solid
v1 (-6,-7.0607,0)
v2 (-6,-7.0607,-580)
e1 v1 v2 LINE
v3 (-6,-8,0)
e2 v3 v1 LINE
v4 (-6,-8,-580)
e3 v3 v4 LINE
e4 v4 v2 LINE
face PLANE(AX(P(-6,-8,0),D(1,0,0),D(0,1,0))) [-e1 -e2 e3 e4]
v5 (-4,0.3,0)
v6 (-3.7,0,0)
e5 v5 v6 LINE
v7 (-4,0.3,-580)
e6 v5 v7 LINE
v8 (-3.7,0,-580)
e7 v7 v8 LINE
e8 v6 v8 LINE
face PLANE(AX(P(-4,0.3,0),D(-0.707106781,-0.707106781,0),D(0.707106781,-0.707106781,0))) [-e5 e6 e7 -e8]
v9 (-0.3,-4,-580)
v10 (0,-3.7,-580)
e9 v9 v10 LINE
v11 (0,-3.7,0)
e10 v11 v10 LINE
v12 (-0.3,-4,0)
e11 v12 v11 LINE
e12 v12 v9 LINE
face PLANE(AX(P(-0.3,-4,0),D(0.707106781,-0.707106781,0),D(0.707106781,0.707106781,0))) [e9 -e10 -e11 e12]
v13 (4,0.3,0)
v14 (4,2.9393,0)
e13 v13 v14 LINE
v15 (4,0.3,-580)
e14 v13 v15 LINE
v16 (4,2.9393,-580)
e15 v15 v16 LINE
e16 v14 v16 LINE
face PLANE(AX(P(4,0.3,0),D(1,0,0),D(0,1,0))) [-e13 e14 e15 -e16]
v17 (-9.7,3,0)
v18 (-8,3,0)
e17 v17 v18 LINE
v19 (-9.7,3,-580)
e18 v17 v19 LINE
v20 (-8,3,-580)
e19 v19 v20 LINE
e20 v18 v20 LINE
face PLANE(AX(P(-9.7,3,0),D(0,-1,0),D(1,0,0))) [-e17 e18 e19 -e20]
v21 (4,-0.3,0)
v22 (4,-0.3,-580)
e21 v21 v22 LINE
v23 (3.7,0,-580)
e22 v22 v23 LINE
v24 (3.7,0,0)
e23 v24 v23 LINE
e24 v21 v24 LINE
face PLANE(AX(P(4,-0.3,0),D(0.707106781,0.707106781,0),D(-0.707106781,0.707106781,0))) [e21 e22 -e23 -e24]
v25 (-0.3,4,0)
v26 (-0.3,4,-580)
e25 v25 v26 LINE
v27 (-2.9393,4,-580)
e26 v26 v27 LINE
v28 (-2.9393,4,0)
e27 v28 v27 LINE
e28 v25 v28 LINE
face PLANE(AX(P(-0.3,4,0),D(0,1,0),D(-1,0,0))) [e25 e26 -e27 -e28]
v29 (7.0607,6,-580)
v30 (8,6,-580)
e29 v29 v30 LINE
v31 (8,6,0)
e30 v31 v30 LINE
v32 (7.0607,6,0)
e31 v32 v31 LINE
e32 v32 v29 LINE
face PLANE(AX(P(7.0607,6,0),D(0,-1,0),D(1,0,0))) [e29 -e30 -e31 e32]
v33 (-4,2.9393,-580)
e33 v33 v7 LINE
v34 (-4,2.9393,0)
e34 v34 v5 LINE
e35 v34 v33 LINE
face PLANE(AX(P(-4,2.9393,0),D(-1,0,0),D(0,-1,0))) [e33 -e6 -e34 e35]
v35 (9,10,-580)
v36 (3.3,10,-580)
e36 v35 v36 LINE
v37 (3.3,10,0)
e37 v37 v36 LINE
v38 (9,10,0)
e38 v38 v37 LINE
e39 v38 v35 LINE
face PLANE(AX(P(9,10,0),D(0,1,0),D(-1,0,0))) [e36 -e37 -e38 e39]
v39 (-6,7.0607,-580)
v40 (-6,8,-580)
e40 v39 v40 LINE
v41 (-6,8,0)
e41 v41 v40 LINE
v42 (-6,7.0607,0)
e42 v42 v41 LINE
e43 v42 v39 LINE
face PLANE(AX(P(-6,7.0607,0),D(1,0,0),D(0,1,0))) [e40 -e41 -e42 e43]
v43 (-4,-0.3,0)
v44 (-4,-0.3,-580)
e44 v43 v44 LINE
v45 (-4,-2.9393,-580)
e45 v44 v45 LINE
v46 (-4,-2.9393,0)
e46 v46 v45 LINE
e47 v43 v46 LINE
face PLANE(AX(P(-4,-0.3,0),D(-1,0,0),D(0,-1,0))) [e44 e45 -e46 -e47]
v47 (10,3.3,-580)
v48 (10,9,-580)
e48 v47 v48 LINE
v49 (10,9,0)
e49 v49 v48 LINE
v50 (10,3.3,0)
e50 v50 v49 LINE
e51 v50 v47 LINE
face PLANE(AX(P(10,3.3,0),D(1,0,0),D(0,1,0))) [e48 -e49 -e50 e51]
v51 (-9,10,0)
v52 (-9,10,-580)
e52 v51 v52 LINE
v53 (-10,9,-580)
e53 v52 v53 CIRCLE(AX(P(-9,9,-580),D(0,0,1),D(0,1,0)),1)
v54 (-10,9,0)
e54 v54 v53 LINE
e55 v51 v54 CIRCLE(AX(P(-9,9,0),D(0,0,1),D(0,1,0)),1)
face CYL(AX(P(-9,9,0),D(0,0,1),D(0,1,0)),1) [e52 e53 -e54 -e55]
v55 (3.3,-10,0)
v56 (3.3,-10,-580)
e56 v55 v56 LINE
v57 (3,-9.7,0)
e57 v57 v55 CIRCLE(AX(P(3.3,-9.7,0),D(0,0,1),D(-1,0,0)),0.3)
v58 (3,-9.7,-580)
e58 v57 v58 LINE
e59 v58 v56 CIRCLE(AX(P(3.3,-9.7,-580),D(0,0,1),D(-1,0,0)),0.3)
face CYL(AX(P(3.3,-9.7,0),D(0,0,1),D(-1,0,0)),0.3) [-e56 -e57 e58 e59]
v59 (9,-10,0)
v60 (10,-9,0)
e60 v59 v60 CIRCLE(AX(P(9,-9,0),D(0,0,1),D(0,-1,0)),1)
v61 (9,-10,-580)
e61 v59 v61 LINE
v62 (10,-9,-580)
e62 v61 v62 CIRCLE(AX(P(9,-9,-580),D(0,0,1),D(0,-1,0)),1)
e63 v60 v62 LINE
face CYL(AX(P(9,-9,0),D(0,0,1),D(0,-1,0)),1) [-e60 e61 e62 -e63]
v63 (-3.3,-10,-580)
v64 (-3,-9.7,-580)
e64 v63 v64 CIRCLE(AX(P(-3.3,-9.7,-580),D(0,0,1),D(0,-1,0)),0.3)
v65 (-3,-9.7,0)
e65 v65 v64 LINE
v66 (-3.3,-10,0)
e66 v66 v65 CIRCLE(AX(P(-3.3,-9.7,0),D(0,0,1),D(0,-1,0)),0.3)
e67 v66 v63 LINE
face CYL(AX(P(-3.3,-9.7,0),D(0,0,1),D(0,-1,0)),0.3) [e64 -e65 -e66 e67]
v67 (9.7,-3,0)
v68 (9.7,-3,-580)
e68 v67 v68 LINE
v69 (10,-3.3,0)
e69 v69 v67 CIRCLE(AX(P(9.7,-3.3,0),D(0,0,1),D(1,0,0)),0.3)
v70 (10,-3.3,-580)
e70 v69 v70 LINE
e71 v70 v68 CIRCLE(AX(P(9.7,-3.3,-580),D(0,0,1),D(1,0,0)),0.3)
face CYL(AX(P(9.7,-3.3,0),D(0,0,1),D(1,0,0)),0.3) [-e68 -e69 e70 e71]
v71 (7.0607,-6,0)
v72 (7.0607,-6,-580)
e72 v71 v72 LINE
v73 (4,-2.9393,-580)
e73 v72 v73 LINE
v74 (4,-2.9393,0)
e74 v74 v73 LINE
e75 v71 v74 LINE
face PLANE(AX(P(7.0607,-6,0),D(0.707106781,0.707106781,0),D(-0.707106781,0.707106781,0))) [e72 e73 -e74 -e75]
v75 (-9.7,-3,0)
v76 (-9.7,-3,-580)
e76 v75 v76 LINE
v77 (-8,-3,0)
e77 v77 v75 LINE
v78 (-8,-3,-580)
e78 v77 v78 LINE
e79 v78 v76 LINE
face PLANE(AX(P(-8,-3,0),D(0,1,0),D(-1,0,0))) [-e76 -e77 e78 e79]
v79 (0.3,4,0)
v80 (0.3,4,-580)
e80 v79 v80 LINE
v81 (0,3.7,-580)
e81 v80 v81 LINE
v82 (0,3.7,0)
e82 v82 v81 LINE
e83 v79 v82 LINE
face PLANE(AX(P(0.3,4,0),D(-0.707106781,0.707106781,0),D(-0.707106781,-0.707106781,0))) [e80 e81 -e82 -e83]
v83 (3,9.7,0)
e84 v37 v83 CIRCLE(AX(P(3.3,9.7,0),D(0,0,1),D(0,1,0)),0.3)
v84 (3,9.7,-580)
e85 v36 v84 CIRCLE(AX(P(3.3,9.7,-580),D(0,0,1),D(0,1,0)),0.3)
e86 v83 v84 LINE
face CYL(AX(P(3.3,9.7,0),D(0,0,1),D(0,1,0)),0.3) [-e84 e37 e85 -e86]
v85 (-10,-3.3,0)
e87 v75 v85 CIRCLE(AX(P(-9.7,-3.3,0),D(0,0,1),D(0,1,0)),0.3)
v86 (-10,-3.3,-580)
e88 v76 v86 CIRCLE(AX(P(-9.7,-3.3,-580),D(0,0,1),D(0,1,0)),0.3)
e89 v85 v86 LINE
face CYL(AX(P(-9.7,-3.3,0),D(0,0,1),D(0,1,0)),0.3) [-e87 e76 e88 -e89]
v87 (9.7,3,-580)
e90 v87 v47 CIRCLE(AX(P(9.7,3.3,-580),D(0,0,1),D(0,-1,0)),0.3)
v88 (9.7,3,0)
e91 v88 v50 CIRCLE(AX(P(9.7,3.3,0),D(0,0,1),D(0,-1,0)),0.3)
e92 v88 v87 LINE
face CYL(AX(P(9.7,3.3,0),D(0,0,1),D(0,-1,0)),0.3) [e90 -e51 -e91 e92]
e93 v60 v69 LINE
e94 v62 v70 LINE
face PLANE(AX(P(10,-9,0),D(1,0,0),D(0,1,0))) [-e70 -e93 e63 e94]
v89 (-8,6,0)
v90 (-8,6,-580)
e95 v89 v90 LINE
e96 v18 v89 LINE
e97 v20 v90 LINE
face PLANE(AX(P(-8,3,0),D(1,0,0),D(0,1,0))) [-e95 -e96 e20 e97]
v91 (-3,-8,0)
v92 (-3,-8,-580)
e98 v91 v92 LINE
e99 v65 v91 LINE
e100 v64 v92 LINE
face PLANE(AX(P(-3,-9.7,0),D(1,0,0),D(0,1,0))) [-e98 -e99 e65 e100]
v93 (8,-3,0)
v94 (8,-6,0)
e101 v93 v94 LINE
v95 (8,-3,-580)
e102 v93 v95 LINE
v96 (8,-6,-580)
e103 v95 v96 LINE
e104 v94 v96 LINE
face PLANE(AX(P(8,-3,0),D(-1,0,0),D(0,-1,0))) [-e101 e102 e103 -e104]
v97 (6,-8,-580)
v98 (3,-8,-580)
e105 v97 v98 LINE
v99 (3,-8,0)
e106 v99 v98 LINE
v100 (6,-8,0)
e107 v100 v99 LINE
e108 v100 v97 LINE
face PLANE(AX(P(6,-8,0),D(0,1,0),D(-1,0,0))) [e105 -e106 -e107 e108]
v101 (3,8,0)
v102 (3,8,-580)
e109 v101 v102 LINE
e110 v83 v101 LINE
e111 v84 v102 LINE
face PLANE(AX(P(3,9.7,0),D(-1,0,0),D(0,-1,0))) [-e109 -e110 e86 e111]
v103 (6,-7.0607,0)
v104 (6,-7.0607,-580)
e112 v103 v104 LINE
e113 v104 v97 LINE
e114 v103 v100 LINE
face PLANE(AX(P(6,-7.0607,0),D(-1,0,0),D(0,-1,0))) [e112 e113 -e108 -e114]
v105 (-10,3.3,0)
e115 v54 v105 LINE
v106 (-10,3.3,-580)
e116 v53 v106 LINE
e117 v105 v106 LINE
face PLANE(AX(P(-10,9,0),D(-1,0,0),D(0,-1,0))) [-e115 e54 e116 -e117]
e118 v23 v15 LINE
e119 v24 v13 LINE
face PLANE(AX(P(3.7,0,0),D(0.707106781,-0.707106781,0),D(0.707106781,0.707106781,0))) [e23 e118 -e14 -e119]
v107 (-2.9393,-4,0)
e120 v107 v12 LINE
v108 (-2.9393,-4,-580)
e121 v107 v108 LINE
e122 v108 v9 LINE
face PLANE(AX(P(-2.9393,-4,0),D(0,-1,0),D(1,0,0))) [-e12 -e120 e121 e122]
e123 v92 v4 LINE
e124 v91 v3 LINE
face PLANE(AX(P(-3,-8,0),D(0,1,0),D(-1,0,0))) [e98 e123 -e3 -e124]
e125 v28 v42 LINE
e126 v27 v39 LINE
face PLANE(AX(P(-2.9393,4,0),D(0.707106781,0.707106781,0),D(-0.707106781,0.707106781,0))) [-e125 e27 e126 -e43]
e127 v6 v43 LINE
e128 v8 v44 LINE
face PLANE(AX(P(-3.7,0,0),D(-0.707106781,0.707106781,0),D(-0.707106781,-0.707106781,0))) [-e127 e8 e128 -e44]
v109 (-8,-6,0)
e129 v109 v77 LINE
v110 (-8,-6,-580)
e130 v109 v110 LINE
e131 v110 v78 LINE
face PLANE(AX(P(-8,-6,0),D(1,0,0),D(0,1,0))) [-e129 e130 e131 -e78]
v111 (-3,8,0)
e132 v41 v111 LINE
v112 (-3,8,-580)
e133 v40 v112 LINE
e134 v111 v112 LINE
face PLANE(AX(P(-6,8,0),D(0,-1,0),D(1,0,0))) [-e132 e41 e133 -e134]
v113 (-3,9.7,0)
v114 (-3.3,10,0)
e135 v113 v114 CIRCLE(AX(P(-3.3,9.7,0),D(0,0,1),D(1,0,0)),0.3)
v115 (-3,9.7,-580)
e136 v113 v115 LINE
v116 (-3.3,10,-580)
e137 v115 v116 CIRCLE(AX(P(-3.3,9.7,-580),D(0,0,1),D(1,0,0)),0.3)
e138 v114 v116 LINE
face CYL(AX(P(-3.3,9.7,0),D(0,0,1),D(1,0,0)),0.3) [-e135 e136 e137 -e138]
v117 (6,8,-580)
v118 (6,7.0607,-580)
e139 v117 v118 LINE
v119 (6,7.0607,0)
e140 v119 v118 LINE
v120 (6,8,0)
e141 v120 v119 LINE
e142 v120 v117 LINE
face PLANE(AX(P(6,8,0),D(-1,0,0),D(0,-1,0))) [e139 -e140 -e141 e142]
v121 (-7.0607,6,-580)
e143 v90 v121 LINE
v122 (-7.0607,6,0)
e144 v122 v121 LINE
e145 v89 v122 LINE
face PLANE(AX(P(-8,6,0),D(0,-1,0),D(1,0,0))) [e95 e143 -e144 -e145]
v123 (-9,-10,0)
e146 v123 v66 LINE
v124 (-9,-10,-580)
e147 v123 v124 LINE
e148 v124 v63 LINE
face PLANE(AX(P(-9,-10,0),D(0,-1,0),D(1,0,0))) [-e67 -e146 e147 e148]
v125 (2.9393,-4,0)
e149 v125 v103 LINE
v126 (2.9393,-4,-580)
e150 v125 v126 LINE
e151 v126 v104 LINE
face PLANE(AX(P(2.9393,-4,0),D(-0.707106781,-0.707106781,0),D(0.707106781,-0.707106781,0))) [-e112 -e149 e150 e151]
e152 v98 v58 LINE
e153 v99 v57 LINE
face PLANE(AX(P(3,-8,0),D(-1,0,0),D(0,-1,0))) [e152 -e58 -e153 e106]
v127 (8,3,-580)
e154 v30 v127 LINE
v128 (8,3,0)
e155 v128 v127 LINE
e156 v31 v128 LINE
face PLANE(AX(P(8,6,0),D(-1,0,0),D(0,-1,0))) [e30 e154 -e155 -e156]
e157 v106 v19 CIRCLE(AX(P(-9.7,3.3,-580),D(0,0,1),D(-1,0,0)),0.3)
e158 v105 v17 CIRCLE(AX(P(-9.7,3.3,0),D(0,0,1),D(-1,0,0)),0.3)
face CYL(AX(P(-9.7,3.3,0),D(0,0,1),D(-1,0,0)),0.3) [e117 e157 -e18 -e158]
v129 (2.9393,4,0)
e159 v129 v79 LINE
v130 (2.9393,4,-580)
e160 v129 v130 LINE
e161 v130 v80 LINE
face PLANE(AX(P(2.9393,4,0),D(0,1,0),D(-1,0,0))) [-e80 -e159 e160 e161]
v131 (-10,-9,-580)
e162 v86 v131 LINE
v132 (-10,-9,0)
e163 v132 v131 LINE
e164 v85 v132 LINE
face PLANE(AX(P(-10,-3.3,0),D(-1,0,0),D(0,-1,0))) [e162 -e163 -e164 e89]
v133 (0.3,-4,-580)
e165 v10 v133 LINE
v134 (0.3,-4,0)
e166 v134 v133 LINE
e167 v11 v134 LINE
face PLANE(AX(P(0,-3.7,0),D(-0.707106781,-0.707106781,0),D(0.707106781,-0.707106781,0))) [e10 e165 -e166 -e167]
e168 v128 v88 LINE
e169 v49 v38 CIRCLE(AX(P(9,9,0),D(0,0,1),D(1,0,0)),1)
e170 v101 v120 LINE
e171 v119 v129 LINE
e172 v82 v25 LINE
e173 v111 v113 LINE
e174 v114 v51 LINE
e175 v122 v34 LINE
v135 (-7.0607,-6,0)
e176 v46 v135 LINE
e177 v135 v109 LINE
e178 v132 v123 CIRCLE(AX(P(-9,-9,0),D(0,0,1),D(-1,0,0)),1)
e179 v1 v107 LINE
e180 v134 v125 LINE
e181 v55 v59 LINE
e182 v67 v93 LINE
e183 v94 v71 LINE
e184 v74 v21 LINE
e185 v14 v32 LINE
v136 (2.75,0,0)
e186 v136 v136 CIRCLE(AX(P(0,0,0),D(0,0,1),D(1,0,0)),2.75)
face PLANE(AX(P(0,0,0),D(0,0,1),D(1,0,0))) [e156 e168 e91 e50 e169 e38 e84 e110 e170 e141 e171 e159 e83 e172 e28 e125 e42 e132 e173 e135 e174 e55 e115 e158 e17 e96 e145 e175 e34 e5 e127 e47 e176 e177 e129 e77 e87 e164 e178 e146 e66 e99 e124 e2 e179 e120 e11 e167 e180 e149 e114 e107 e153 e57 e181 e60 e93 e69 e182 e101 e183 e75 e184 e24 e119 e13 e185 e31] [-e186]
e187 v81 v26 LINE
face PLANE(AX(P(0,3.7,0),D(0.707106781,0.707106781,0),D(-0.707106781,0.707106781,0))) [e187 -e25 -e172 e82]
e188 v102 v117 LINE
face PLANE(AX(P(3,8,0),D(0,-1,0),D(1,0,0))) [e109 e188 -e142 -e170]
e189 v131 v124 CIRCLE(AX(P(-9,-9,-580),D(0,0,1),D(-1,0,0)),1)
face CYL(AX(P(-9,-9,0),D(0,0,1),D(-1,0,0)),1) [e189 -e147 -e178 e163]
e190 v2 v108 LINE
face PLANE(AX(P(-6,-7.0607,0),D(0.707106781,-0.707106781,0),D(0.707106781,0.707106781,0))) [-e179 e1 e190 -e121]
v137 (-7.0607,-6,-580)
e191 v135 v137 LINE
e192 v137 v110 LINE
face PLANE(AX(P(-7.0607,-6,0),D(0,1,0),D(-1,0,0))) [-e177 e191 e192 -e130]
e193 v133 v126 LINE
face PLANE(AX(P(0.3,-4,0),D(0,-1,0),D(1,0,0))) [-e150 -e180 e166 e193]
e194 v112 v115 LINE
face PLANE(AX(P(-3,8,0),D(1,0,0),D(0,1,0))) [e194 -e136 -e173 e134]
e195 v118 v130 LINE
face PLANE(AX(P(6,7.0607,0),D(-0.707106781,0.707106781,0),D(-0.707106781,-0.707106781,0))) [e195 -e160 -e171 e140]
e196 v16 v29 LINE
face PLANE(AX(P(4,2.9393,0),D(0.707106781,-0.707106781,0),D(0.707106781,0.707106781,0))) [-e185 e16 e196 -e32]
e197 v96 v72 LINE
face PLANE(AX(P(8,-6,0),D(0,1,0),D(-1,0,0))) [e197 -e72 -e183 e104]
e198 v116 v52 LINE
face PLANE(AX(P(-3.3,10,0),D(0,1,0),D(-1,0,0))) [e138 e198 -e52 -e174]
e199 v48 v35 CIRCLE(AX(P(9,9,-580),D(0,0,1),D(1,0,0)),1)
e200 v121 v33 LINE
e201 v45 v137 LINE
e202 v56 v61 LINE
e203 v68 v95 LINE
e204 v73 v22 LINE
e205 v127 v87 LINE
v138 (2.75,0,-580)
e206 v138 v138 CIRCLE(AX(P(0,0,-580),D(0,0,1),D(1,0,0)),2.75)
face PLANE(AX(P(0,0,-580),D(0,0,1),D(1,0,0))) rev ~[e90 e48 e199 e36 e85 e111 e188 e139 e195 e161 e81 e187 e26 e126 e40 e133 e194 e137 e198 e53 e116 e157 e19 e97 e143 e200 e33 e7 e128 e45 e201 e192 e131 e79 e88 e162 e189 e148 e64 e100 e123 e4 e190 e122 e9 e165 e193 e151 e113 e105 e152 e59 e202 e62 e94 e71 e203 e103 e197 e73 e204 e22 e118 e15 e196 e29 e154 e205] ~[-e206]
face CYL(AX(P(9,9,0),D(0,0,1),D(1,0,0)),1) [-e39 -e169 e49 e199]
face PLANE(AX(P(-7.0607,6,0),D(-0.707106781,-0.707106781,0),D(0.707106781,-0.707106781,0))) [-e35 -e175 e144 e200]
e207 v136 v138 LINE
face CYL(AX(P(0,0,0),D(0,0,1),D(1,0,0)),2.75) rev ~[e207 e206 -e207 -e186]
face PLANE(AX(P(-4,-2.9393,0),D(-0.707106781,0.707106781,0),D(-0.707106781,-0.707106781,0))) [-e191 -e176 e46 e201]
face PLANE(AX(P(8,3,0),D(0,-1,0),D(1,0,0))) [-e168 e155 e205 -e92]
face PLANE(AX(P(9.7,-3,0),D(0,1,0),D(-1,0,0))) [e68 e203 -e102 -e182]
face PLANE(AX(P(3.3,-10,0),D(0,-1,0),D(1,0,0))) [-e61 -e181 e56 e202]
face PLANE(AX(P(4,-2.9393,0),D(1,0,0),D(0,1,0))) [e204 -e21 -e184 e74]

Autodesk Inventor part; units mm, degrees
ref_plane "YZ Plane" through (0, 0, 0) normal (1, 0, 0) x (0, 1, 0)
ref_plane "XZ Plane" through (0, 0, 0) normal (0, 1, 0) x (-1, 0, 0)
ref_plane "XY Plane" through (0, 0, 0) normal (0, 0, 1) x (1, 0, 0)
sketch "Sketch_5" plane through (0, 0, 0) normal (0, 0, 1) x (1, 0, 0)
  line L0 (-10, 9) -> (-10, 3.3)
  arc A0 (-10, 3.3) -> (-9.7, 3) centre (-9.7, 3.3) ccw
  line L1 (-9.7, 3) -> (-8, 3)
  line L2 (-8, 3) -> (-8, 6)
  line L3 (-8, 6) -> (-7.0607, 6)
  line L4 (-7.0607, 6) -> (-4, 2.9393)
  line L5 (-4, 2.9393) -> (-4, 0.3)
  line L6 (-4, 0.3) -> (-3.7, 0)
  line L7 (-3.7, 0) -> (-4, -0.3)
  line L8 (-4, -0.3) -> (-4, -2.9393)
  line L9 (-4, -2.9393) -> (-7.0607, -6)
  line L10 (-7.0607, -6) -> (-8, -6)
  line L11 (-8, -6) -> (-8, -3)
  line L12 (-8, -3) -> (-9.7, -3)
  arc A1 (-9.7, -3) -> (-10, -3.3) centre (-9.7, -3.3) ccw
  line L13 (-10, -3.3) -> (-10, -9)
  arc A2 (-10, -9) -> (-9, -10) centre (-9, -9) ccw
  line L14 (-9, -10) -> (-3.3, -10)
  arc A3 (-3.3, -10) -> (-3, -9.7) centre (-3.3, -9.7) ccw
  line L15 (-3, -9.7) -> (-3, -8)
  line L16 (-3, -8) -> (-6, -8)
  line L17 (-6, -8) -> (-6, -7.0607)
  line L18 (-6, -7.0607) -> (-2.9393, -4)
  line L19 (-2.9393, -4) -> (-0.3, -4)
  line L20 (-0.3, -4) -> (0, -3.7)
  line L21 (0, -3.7) -> (0.3, -4)
  line L22 (0.3, -4) -> (2.9393, -4)
  line L23 (2.9393, -4) -> (6, -7.0607)
  line L24 (6, -7.0607) -> (6, -8)
  line L25 (6, -8) -> (3, -8)
  line L26 (3, -8) -> (3, -9.7)
  arc A4 (3, -9.7) -> (3.3, -10) centre (3.3, -9.7) ccw
  line L27 (3.3, -10) -> (9, -10)
  arc A5 (9, -10) -> (10, -9) centre (9, -9) ccw
  line L28 (10, -9) -> (10, -3.3)
  arc A6 (10, -3.3) -> (9.7, -3) centre (9.7, -3.3) ccw
  line L29 (9.7, -3) -> (8, -3)
  line L30 (8, -3) -> (8, -6)
  line L31 (8, -6) -> (7.0607, -6)
  line L32 (7.0607, -6) -> (4, -2.9393)
  line L33 (4, -2.9393) -> (4, -0.3)
  line L34 (4, -0.3) -> (3.7, 0)
  line L35 (3.7, 0) -> (4, 0.3)
  line L36 (4, 0.3) -> (4, 2.9393)
  line L37 (4, 2.9393) -> (7.0607, 6)
  line L38 (7.0607, 6) -> (8, 6)
  line L39 (8, 6) -> (8, 3)
  line L40 (8, 3) -> (9.7, 3)
  arc A7 (9.7, 3) -> (10, 3.3) centre (9.7, 3.3) ccw
  line L41 (10, 3.3) -> (10, 9)
  arc A8 (10, 9) -> (9, 10) centre (9, 9) ccw
  line L42 (9, 10) -> (3.3, 10)
  arc A9 (3.3, 10) -> (3, 9.7) centre (3.3, 9.7) ccw
  line L43 (3, 9.7) -> (3, 8)
  line L44 (3, 8) -> (6, 8)
  line L45 (6, 8) -> (6, 7.0607)
  line L46 (6, 7.0607) -> (2.9393, 4)
  line L47 (2.9393, 4) -> (0.3, 4)
  line L48 (0.3, 4) -> (0, 3.7)
  line L49 (0, 3.7) -> (-0.3, 4)
  line L50 (-0.3, 4) -> (-2.9393, 4)
  line L51 (-2.9393, 4) -> (-6, 7.0607)
  line L52 (-6, 7.0607) -> (-6, 8)
  line L53 (-6, 8) -> (-3, 8)
  line L54 (-3, 8) -> (-3, 9.7)
  arc A10 (-3, 9.7) -> (-3.3, 10) centre (-3.3, 9.7) ccw
  line L55 (-3.3, 10) -> (-9, 10)
  arc A11 (-9, 10) -> (-10, 9) centre (-9, 9) ccw
  circle A12 centre (0, 0) radius 2.75
  dimension "d2" = 5.5
  dimension "d3" = 10
  dimension "d4" = 10
  dimension "d5" = 5.7
  dimension "d6" = 5.7
  dimension "d7" = 1.7
  dimension "d8" = 3
  dimension "d9" = 0.3
  dimension "d10" = 90
  dimension "d11" = 45
  dimension "d12" = 45
  dimension "d13" = 45
  dimension "d14" = 90
  dimension "d15" = 90
  dimension "d16" = 45
  dimension "d17" = 45
  dimension "d18" = 45
  dimension "d19" = 45
  dimension "d20" = 90
  dimension "d21" = 90
  dimension "d22" = 45
  dimension "d23" = 45
  dimension "d24" = 90
  dimension "d25" = 90
  dimension "d26" = 90
  dimension "d27" = 90
  dimension "d28" = 90
  dimension "d29" = 90
  dimension "d30" = 90
  dimension "d31" = 90
  dimension "d32" = 90
  dimension "d33" = 90
  dimension "d34" = 90
  dimension "d35" = 90
  dimension "d36" = 90
  dimension "d37" = 90
  dimension "d38" = 90
  dimension "d39" = 4
  dimension "d40" = 6
  dimension "d41" = 13
  dimension "d42" = 14
  dimension "d43" = 16
  dimension "d44" = 18
  dimension "d45" = 3
  dimension "d46" = 9
  dimension "d47" = 7
  dimension "d48" = 1
  dimension "d49" = 7
  dimension "d50" = 1.5
  dimension "d51" = 1.8663
  dimension "d52" = 3.3663
  dimension "d53" = 1.5
  dimension "d54" = 1.8663
  dimension "d55" = 3.3663
  dimension "d56" = 4
  dimension "d57" = 10.8187
  dimension "d58" = 1.9092
  dimension "d59" = 5
  dimension "d60" = 13
  dimension "d61" = 13
  dimension "d62" = 16.0513
  dimension "d63" = 3.3234
  dimension "d64" = 14
  dimension "d65" = 12.685
extrude "Extrusion1" add sketch "Sketch_5" against normal blind 580
properties part number "Perfil_Aluminio_20x20"
